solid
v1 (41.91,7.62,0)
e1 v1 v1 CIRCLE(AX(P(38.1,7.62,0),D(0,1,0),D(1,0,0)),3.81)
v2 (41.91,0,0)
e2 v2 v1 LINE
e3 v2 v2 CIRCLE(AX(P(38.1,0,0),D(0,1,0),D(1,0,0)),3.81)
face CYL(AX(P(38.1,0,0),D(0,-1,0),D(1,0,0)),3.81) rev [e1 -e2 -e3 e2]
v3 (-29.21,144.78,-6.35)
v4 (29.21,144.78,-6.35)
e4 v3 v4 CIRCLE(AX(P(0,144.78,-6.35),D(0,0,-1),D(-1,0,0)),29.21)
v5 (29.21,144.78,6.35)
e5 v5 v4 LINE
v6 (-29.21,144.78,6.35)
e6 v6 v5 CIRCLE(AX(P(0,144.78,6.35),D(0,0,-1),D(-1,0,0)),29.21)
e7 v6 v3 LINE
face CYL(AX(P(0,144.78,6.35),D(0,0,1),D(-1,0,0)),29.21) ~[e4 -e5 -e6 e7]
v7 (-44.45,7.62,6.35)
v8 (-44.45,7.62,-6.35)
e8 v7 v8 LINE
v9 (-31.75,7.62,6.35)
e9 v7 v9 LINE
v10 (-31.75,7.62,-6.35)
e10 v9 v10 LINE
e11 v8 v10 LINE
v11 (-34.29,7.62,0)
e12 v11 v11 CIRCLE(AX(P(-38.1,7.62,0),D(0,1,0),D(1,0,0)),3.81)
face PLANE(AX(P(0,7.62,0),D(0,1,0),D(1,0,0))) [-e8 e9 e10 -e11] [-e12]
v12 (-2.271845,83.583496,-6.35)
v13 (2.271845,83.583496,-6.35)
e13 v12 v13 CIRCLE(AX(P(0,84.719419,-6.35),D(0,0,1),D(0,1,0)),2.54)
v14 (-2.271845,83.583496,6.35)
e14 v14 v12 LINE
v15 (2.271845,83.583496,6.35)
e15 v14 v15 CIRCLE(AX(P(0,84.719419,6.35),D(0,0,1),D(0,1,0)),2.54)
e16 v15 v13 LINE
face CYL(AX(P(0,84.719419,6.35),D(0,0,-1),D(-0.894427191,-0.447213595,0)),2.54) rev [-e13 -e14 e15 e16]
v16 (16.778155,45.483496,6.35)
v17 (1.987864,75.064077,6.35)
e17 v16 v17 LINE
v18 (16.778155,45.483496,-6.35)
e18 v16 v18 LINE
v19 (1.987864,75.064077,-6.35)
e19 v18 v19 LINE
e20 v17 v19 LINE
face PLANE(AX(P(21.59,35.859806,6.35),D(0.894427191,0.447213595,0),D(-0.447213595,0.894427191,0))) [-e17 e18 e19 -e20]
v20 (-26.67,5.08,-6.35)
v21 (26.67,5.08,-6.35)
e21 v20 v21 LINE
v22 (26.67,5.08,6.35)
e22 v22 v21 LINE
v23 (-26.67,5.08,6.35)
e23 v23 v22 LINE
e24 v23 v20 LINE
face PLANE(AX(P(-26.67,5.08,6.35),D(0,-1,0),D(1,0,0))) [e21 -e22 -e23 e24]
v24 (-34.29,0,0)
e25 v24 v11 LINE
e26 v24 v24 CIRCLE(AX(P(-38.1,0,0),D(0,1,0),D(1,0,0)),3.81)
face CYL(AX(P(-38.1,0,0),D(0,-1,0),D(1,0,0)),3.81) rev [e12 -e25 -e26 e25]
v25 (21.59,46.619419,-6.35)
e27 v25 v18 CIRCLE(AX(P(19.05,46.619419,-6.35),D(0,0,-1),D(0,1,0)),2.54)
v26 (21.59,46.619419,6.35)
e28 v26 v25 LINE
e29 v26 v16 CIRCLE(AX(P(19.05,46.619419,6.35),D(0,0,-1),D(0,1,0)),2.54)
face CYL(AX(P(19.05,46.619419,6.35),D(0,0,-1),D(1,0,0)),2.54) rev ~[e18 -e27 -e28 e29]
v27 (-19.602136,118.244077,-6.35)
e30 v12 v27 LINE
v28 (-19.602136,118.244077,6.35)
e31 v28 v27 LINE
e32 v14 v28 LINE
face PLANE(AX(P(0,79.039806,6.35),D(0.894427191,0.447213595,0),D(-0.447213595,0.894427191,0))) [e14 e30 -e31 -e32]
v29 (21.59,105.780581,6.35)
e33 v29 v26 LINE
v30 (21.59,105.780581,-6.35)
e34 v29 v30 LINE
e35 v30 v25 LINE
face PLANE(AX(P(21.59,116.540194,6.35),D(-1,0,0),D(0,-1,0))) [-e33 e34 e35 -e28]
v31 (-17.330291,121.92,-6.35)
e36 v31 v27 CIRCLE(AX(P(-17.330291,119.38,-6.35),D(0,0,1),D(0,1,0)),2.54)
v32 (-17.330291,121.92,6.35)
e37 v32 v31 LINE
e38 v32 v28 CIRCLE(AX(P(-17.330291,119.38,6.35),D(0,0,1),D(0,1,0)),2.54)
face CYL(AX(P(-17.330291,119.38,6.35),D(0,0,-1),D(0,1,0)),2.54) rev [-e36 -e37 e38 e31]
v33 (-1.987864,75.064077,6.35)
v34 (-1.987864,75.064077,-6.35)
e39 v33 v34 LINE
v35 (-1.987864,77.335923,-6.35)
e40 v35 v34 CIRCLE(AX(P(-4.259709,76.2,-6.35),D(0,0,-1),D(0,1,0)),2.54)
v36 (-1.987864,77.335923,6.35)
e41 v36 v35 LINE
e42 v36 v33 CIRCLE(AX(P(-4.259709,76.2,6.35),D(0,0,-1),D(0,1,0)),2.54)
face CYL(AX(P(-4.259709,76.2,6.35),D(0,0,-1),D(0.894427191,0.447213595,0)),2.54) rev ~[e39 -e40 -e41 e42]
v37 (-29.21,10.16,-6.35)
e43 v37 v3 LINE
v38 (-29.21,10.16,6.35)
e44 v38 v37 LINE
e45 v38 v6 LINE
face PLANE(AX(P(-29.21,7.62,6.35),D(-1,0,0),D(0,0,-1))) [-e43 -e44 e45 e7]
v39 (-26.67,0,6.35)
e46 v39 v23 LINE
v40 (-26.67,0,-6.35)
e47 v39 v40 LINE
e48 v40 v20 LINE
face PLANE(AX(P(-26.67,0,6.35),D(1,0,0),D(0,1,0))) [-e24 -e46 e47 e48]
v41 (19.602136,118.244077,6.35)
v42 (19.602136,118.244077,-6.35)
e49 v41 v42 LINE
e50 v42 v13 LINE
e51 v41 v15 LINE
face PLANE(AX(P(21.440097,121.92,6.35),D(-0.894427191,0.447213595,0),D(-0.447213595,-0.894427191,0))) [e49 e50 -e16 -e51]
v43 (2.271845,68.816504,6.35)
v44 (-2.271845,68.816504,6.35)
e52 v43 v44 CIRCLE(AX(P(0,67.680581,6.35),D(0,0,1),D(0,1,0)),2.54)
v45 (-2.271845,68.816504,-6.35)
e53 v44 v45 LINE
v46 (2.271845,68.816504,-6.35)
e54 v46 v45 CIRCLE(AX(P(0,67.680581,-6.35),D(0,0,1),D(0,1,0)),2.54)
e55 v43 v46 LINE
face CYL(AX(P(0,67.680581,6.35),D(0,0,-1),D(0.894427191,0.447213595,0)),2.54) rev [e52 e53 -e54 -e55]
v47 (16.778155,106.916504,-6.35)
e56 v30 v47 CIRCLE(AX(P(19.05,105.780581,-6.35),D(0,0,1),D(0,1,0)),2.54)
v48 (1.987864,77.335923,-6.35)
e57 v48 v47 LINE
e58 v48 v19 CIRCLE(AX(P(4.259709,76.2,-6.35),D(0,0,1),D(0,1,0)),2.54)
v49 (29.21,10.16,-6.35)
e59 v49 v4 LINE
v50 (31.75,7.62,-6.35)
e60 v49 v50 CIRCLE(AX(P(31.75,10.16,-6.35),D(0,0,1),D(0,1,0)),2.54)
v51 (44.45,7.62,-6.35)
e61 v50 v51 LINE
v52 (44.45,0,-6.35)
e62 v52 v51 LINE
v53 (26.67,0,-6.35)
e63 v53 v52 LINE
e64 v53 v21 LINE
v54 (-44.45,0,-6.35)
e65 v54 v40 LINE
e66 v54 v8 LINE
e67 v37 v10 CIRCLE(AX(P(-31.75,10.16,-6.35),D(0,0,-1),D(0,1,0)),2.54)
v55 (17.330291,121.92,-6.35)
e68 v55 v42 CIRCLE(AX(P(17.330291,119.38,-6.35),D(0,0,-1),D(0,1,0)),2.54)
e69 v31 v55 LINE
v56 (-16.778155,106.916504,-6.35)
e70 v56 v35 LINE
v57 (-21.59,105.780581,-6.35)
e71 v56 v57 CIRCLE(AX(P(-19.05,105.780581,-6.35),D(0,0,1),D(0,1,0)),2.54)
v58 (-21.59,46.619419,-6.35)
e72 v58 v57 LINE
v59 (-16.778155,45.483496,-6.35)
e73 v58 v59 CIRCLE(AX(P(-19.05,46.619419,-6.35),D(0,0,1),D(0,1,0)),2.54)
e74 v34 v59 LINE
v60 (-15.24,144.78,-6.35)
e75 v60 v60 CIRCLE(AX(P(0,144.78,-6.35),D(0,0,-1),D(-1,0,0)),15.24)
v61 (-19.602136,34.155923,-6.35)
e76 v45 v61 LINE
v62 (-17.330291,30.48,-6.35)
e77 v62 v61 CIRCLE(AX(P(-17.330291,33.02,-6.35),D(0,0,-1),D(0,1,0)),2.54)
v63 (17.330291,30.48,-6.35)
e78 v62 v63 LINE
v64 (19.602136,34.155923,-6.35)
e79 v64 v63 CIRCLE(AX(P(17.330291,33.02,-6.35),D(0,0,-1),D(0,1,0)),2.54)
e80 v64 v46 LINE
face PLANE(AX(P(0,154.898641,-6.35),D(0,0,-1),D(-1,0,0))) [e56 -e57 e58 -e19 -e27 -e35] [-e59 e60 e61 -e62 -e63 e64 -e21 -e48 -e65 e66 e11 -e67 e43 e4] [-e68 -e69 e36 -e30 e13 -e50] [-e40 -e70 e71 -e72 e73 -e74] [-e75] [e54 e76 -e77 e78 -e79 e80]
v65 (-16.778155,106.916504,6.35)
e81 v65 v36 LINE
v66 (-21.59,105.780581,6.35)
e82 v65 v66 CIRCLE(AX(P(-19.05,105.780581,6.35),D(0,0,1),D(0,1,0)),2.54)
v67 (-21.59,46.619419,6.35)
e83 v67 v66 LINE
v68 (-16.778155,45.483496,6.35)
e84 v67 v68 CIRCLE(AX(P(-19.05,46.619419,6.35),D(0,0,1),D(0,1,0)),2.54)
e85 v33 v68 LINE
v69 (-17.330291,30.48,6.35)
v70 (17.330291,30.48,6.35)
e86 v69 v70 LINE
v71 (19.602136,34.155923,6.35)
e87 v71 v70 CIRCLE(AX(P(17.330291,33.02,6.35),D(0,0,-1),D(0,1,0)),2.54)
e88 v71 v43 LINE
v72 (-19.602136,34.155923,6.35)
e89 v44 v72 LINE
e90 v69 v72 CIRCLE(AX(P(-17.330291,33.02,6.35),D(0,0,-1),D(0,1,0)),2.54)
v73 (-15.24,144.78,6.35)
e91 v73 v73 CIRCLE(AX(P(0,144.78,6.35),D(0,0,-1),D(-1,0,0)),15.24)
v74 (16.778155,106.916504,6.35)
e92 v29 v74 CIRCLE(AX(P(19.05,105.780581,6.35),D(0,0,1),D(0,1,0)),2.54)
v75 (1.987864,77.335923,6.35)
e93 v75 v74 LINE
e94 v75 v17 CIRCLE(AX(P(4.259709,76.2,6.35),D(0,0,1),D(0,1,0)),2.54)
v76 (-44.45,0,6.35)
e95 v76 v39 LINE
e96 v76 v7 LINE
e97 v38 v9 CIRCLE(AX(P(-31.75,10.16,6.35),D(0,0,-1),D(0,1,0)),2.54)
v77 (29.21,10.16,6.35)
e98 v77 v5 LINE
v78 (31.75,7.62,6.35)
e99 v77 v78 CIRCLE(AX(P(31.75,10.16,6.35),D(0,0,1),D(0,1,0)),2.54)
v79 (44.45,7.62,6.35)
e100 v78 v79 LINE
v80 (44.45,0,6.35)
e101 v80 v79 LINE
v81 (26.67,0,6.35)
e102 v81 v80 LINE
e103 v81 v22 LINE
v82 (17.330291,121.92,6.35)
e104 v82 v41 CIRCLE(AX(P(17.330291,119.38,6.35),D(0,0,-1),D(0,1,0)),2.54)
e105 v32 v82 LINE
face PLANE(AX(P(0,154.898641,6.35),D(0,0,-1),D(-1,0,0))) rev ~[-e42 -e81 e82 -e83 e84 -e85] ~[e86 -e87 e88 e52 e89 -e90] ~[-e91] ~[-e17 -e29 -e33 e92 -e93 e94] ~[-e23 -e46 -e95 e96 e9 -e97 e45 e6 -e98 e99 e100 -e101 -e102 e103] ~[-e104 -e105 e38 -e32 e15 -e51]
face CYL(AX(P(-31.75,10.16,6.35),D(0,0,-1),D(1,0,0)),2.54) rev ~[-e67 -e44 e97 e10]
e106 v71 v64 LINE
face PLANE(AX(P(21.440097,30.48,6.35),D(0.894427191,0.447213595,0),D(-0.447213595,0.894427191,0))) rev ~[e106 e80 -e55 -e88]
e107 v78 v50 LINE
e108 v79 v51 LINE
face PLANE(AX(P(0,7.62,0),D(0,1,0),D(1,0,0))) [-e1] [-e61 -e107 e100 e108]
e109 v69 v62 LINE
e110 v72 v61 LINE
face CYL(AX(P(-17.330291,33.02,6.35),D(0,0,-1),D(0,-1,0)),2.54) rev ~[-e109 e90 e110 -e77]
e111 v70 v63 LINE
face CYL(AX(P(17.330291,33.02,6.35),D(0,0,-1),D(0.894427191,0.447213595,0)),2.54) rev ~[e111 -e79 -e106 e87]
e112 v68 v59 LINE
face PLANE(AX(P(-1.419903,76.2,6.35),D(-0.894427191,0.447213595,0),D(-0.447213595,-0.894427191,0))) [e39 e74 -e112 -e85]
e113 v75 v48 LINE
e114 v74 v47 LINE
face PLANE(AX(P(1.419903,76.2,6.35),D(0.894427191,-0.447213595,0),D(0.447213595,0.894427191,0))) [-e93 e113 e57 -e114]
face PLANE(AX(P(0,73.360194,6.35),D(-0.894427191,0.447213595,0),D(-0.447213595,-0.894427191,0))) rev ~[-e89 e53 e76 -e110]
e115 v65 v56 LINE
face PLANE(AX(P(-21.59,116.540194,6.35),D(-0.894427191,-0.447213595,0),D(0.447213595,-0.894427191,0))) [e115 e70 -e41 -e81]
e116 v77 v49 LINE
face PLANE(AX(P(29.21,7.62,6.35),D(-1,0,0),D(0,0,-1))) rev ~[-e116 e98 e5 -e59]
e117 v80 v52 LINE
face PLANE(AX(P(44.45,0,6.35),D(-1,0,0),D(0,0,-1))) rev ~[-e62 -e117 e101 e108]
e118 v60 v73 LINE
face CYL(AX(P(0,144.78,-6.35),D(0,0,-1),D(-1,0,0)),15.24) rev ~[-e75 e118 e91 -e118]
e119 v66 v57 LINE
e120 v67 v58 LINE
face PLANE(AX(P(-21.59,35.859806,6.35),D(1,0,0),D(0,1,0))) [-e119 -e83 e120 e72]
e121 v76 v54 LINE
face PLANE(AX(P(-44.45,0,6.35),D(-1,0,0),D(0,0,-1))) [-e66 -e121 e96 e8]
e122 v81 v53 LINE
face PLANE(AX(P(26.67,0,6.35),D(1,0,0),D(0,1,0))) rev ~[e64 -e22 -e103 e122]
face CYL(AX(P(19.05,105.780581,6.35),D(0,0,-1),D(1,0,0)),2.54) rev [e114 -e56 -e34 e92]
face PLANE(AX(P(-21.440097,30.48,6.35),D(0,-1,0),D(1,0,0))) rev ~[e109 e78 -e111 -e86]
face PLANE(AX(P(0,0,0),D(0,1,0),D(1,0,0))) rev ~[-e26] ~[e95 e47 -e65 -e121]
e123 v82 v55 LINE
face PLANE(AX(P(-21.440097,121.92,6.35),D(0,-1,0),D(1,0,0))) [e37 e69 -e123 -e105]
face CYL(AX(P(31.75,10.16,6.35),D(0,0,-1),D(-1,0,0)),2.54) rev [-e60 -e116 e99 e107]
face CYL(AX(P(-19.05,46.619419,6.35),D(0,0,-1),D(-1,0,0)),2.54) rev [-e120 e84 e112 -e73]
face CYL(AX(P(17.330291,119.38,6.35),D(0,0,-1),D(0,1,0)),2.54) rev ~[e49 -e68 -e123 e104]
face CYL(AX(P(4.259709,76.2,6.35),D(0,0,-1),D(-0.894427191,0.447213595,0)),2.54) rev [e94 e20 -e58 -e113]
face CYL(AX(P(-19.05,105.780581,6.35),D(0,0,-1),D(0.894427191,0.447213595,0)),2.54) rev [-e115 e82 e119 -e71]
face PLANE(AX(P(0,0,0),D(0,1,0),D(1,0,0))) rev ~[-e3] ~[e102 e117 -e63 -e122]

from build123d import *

# Parameters (mm, degrees)
SKETCH1_W           = 88.9
SKETCH1_H           = 12.7
SKETCH1_R           = 3.81
BOSS_EXTRUDE1_DEPTH = 7.62
SKETCH2_W           = 58.42
SKETCH2_H           = 12.7
BOSS_EXTRUDE2_DEPTH = 137.16
BOSS_EXTRUDE3_DEPTH = 12.7
SKETCH4_R           = 15.24
CUT_EXTRUDE1_DEPTH  = 12.7
CUT_EXTRUDE2_REACH  = 14.7
SKETCH5_W           = 53.34
SKETCH5_H           = 5.08
FILLET1_R           = 2.54
FILLET2_R           = 2.54


with BuildPart() as part:
    # Sketch1 → Boss-Extrude1 (new body)
    with BuildSketch(Plane(origin=(0, 0, 0), x_dir=(1, 0, 0), z_dir=(0, 1, 0))):
        Rectangle(SKETCH1_W, SKETCH1_H)
        with Locations((-38.1, 0)):
            Circle(SKETCH1_R, mode=Mode.SUBTRACT)
        with Locations((38.1, 0)):
            Circle(SKETCH1_R, mode=Mode.SUBTRACT)
    extrude(amount=BOSS_EXTRUDE1_DEPTH)

    # Sketch2 → Boss-Extrude2 (add)
    with BuildSketch(Plane(origin=(0, 7.62, 0), x_dir=(1, 0, 0), z_dir=(0, 1, 0))):
        Rectangle(SKETCH2_W, SKETCH2_H)
    extrude(amount=BOSS_EXTRUDE2_DEPTH)

    # Sketch3 → Boss-Extrude3 (add)
    with BuildSketch(Plane.XY.offset(6.35)):
        with BuildLine():
            Line((29.21, 144.78), (-29.21, 144.78))
            ThreePointArc((-29.21, 144.78), (0, 173.99), (29.21, 144.78))
        make_face()
    extrude(amount=-BOSS_EXTRUDE3_DEPTH)

    # Sketch4 → Cut-Extrude1 (cut)
    with BuildSketch(Plane(origin=(0, 0, -6.35), x_dir=(-1, 0, 0), z_dir=(0, 0, -1))):
        with Locations((0, 144.78)):
            Circle(SKETCH4_R)
    extrude(amount=-CUT_EXTRUDE1_DEPTH, mode=Mode.SUBTRACT)

    # Sketch5 → Cut-Extrude2 (cut, up to next)
    with BuildSketch(Plane.XY.offset(6.35), mode=Mode.PRIVATE) as cut_extrude2_sk1:
        Polygon((-21.440096834, 121.92), (21.440096834, 121.92), (0, 79.039806331), align=None)
    cut_extrude2_tool1 = extrude(cut_extrude2_sk1.sketch, amount=-CUT_EXTRUDE2_REACH, mode=Mode.PRIVATE) & part.part
    add(cut_extrude2_tool1.solids().sort_by_distance((0, 107.626602, 6.35))[0], mode=Mode.SUBTRACT)
    # Sketch5 → Cut-Extrude2 (cut, up to next)
    with BuildSketch(Plane.XY.offset(6.35), mode=Mode.PRIVATE) as cut_extrude2_sk2:
        Polygon((-21.59, 116.540193669), (-1.419903166, 76.2), (-21.59, 35.859806331), align=None)
    cut_extrude2_tool2 = extrude(cut_extrude2_sk2.sketch, amount=-CUT_EXTRUDE2_REACH, mode=Mode.PRIVATE) & part.part
    add(cut_extrude2_tool2.solids().sort_by_distance((-14.866634, 76.2, 6.35))[0], mode=Mode.SUBTRACT)
    # Sketch5 → Cut-Extrude2 (cut, up to next)
    with BuildSketch(Plane.XY.offset(6.35), mode=Mode.PRIVATE) as cut_extrude2_sk3:
        Polygon((0, 73.360193669), (-21.440096834, 30.48), (21.440096834, 30.48), align=None)
    cut_extrude2_tool3 = extrude(cut_extrude2_sk3.sketch, amount=-CUT_EXTRUDE2_REACH, mode=Mode.PRIVATE) & part.part
    add(cut_extrude2_tool3.solids().sort_by_distance((0, 44.773398, 6.35))[0], mode=Mode.SUBTRACT)
    # Sketch5 → Cut-Extrude2 (cut, up to next)
    with BuildSketch(Plane.XY.offset(6.35), mode=Mode.PRIVATE) as cut_extrude2_sk4:
        Polygon((21.59, 116.540193669), (21.59, 35.859806331), (1.419903166, 76.2), align=None)
    cut_extrude2_tool4 = extrude(cut_extrude2_sk4.sketch, amount=-CUT_EXTRUDE2_REACH, mode=Mode.PRIVATE) & part.part
    add(cut_extrude2_tool4.solids().sort_by_distance((14.866634, 76.2, 6.35))[0], mode=Mode.SUBTRACT)
    # Sketch5 → Cut-Extrude2 (cut, up to next)
    with BuildSketch(Plane.XY.offset(6.35), mode=Mode.PRIVATE) as cut_extrude2_sk5:
        with Locations((0, 2.54)):
            Rectangle(SKETCH5_W, SKETCH5_H)
    cut_extrude2_tool5 = extrude(cut_extrude2_sk5.sketch, amount=-CUT_EXTRUDE2_REACH, mode=Mode.PRIVATE) & part.part
    add(cut_extrude2_tool5.solids().sort_by_distance((0, 2.54, 6.35))[0], mode=Mode.SUBTRACT)

    # Fillet1
    fillet1_edges = [part.edges().sort_by_distance(p)[0] for p in [
        (-29.21, 7.62, 0),
        (29.21, 7.62, 0),
    ]]
    fillet(fillet1_edges, radius=FILLET1_R)

    # Fillet2
    fillet2_edges = [part.edges().sort_by_distance(p)[0] for p in [
        (0, 73.360193669, 0),
        (21.440096834, 30.48, 0),
        (-21.440096834, 30.48, 0),
        (21.59, 35.859806331, 0),
        (1.419903166, 76.2, 0),
        (21.59, 116.540193669, 0),
        (-21.59, 35.859806331, 0),
        (-21.59, 116.540193669, 0),
        (-1.419903166, 76.2, 0),
        (21.440096834, 121.92, 0),
        (0, 79.039806331, 0),
        (-21.440096834, 121.92, 0),
    ]]
    fillet(fillet2_edges, radius=FILLET2_R)


solid = part.part
